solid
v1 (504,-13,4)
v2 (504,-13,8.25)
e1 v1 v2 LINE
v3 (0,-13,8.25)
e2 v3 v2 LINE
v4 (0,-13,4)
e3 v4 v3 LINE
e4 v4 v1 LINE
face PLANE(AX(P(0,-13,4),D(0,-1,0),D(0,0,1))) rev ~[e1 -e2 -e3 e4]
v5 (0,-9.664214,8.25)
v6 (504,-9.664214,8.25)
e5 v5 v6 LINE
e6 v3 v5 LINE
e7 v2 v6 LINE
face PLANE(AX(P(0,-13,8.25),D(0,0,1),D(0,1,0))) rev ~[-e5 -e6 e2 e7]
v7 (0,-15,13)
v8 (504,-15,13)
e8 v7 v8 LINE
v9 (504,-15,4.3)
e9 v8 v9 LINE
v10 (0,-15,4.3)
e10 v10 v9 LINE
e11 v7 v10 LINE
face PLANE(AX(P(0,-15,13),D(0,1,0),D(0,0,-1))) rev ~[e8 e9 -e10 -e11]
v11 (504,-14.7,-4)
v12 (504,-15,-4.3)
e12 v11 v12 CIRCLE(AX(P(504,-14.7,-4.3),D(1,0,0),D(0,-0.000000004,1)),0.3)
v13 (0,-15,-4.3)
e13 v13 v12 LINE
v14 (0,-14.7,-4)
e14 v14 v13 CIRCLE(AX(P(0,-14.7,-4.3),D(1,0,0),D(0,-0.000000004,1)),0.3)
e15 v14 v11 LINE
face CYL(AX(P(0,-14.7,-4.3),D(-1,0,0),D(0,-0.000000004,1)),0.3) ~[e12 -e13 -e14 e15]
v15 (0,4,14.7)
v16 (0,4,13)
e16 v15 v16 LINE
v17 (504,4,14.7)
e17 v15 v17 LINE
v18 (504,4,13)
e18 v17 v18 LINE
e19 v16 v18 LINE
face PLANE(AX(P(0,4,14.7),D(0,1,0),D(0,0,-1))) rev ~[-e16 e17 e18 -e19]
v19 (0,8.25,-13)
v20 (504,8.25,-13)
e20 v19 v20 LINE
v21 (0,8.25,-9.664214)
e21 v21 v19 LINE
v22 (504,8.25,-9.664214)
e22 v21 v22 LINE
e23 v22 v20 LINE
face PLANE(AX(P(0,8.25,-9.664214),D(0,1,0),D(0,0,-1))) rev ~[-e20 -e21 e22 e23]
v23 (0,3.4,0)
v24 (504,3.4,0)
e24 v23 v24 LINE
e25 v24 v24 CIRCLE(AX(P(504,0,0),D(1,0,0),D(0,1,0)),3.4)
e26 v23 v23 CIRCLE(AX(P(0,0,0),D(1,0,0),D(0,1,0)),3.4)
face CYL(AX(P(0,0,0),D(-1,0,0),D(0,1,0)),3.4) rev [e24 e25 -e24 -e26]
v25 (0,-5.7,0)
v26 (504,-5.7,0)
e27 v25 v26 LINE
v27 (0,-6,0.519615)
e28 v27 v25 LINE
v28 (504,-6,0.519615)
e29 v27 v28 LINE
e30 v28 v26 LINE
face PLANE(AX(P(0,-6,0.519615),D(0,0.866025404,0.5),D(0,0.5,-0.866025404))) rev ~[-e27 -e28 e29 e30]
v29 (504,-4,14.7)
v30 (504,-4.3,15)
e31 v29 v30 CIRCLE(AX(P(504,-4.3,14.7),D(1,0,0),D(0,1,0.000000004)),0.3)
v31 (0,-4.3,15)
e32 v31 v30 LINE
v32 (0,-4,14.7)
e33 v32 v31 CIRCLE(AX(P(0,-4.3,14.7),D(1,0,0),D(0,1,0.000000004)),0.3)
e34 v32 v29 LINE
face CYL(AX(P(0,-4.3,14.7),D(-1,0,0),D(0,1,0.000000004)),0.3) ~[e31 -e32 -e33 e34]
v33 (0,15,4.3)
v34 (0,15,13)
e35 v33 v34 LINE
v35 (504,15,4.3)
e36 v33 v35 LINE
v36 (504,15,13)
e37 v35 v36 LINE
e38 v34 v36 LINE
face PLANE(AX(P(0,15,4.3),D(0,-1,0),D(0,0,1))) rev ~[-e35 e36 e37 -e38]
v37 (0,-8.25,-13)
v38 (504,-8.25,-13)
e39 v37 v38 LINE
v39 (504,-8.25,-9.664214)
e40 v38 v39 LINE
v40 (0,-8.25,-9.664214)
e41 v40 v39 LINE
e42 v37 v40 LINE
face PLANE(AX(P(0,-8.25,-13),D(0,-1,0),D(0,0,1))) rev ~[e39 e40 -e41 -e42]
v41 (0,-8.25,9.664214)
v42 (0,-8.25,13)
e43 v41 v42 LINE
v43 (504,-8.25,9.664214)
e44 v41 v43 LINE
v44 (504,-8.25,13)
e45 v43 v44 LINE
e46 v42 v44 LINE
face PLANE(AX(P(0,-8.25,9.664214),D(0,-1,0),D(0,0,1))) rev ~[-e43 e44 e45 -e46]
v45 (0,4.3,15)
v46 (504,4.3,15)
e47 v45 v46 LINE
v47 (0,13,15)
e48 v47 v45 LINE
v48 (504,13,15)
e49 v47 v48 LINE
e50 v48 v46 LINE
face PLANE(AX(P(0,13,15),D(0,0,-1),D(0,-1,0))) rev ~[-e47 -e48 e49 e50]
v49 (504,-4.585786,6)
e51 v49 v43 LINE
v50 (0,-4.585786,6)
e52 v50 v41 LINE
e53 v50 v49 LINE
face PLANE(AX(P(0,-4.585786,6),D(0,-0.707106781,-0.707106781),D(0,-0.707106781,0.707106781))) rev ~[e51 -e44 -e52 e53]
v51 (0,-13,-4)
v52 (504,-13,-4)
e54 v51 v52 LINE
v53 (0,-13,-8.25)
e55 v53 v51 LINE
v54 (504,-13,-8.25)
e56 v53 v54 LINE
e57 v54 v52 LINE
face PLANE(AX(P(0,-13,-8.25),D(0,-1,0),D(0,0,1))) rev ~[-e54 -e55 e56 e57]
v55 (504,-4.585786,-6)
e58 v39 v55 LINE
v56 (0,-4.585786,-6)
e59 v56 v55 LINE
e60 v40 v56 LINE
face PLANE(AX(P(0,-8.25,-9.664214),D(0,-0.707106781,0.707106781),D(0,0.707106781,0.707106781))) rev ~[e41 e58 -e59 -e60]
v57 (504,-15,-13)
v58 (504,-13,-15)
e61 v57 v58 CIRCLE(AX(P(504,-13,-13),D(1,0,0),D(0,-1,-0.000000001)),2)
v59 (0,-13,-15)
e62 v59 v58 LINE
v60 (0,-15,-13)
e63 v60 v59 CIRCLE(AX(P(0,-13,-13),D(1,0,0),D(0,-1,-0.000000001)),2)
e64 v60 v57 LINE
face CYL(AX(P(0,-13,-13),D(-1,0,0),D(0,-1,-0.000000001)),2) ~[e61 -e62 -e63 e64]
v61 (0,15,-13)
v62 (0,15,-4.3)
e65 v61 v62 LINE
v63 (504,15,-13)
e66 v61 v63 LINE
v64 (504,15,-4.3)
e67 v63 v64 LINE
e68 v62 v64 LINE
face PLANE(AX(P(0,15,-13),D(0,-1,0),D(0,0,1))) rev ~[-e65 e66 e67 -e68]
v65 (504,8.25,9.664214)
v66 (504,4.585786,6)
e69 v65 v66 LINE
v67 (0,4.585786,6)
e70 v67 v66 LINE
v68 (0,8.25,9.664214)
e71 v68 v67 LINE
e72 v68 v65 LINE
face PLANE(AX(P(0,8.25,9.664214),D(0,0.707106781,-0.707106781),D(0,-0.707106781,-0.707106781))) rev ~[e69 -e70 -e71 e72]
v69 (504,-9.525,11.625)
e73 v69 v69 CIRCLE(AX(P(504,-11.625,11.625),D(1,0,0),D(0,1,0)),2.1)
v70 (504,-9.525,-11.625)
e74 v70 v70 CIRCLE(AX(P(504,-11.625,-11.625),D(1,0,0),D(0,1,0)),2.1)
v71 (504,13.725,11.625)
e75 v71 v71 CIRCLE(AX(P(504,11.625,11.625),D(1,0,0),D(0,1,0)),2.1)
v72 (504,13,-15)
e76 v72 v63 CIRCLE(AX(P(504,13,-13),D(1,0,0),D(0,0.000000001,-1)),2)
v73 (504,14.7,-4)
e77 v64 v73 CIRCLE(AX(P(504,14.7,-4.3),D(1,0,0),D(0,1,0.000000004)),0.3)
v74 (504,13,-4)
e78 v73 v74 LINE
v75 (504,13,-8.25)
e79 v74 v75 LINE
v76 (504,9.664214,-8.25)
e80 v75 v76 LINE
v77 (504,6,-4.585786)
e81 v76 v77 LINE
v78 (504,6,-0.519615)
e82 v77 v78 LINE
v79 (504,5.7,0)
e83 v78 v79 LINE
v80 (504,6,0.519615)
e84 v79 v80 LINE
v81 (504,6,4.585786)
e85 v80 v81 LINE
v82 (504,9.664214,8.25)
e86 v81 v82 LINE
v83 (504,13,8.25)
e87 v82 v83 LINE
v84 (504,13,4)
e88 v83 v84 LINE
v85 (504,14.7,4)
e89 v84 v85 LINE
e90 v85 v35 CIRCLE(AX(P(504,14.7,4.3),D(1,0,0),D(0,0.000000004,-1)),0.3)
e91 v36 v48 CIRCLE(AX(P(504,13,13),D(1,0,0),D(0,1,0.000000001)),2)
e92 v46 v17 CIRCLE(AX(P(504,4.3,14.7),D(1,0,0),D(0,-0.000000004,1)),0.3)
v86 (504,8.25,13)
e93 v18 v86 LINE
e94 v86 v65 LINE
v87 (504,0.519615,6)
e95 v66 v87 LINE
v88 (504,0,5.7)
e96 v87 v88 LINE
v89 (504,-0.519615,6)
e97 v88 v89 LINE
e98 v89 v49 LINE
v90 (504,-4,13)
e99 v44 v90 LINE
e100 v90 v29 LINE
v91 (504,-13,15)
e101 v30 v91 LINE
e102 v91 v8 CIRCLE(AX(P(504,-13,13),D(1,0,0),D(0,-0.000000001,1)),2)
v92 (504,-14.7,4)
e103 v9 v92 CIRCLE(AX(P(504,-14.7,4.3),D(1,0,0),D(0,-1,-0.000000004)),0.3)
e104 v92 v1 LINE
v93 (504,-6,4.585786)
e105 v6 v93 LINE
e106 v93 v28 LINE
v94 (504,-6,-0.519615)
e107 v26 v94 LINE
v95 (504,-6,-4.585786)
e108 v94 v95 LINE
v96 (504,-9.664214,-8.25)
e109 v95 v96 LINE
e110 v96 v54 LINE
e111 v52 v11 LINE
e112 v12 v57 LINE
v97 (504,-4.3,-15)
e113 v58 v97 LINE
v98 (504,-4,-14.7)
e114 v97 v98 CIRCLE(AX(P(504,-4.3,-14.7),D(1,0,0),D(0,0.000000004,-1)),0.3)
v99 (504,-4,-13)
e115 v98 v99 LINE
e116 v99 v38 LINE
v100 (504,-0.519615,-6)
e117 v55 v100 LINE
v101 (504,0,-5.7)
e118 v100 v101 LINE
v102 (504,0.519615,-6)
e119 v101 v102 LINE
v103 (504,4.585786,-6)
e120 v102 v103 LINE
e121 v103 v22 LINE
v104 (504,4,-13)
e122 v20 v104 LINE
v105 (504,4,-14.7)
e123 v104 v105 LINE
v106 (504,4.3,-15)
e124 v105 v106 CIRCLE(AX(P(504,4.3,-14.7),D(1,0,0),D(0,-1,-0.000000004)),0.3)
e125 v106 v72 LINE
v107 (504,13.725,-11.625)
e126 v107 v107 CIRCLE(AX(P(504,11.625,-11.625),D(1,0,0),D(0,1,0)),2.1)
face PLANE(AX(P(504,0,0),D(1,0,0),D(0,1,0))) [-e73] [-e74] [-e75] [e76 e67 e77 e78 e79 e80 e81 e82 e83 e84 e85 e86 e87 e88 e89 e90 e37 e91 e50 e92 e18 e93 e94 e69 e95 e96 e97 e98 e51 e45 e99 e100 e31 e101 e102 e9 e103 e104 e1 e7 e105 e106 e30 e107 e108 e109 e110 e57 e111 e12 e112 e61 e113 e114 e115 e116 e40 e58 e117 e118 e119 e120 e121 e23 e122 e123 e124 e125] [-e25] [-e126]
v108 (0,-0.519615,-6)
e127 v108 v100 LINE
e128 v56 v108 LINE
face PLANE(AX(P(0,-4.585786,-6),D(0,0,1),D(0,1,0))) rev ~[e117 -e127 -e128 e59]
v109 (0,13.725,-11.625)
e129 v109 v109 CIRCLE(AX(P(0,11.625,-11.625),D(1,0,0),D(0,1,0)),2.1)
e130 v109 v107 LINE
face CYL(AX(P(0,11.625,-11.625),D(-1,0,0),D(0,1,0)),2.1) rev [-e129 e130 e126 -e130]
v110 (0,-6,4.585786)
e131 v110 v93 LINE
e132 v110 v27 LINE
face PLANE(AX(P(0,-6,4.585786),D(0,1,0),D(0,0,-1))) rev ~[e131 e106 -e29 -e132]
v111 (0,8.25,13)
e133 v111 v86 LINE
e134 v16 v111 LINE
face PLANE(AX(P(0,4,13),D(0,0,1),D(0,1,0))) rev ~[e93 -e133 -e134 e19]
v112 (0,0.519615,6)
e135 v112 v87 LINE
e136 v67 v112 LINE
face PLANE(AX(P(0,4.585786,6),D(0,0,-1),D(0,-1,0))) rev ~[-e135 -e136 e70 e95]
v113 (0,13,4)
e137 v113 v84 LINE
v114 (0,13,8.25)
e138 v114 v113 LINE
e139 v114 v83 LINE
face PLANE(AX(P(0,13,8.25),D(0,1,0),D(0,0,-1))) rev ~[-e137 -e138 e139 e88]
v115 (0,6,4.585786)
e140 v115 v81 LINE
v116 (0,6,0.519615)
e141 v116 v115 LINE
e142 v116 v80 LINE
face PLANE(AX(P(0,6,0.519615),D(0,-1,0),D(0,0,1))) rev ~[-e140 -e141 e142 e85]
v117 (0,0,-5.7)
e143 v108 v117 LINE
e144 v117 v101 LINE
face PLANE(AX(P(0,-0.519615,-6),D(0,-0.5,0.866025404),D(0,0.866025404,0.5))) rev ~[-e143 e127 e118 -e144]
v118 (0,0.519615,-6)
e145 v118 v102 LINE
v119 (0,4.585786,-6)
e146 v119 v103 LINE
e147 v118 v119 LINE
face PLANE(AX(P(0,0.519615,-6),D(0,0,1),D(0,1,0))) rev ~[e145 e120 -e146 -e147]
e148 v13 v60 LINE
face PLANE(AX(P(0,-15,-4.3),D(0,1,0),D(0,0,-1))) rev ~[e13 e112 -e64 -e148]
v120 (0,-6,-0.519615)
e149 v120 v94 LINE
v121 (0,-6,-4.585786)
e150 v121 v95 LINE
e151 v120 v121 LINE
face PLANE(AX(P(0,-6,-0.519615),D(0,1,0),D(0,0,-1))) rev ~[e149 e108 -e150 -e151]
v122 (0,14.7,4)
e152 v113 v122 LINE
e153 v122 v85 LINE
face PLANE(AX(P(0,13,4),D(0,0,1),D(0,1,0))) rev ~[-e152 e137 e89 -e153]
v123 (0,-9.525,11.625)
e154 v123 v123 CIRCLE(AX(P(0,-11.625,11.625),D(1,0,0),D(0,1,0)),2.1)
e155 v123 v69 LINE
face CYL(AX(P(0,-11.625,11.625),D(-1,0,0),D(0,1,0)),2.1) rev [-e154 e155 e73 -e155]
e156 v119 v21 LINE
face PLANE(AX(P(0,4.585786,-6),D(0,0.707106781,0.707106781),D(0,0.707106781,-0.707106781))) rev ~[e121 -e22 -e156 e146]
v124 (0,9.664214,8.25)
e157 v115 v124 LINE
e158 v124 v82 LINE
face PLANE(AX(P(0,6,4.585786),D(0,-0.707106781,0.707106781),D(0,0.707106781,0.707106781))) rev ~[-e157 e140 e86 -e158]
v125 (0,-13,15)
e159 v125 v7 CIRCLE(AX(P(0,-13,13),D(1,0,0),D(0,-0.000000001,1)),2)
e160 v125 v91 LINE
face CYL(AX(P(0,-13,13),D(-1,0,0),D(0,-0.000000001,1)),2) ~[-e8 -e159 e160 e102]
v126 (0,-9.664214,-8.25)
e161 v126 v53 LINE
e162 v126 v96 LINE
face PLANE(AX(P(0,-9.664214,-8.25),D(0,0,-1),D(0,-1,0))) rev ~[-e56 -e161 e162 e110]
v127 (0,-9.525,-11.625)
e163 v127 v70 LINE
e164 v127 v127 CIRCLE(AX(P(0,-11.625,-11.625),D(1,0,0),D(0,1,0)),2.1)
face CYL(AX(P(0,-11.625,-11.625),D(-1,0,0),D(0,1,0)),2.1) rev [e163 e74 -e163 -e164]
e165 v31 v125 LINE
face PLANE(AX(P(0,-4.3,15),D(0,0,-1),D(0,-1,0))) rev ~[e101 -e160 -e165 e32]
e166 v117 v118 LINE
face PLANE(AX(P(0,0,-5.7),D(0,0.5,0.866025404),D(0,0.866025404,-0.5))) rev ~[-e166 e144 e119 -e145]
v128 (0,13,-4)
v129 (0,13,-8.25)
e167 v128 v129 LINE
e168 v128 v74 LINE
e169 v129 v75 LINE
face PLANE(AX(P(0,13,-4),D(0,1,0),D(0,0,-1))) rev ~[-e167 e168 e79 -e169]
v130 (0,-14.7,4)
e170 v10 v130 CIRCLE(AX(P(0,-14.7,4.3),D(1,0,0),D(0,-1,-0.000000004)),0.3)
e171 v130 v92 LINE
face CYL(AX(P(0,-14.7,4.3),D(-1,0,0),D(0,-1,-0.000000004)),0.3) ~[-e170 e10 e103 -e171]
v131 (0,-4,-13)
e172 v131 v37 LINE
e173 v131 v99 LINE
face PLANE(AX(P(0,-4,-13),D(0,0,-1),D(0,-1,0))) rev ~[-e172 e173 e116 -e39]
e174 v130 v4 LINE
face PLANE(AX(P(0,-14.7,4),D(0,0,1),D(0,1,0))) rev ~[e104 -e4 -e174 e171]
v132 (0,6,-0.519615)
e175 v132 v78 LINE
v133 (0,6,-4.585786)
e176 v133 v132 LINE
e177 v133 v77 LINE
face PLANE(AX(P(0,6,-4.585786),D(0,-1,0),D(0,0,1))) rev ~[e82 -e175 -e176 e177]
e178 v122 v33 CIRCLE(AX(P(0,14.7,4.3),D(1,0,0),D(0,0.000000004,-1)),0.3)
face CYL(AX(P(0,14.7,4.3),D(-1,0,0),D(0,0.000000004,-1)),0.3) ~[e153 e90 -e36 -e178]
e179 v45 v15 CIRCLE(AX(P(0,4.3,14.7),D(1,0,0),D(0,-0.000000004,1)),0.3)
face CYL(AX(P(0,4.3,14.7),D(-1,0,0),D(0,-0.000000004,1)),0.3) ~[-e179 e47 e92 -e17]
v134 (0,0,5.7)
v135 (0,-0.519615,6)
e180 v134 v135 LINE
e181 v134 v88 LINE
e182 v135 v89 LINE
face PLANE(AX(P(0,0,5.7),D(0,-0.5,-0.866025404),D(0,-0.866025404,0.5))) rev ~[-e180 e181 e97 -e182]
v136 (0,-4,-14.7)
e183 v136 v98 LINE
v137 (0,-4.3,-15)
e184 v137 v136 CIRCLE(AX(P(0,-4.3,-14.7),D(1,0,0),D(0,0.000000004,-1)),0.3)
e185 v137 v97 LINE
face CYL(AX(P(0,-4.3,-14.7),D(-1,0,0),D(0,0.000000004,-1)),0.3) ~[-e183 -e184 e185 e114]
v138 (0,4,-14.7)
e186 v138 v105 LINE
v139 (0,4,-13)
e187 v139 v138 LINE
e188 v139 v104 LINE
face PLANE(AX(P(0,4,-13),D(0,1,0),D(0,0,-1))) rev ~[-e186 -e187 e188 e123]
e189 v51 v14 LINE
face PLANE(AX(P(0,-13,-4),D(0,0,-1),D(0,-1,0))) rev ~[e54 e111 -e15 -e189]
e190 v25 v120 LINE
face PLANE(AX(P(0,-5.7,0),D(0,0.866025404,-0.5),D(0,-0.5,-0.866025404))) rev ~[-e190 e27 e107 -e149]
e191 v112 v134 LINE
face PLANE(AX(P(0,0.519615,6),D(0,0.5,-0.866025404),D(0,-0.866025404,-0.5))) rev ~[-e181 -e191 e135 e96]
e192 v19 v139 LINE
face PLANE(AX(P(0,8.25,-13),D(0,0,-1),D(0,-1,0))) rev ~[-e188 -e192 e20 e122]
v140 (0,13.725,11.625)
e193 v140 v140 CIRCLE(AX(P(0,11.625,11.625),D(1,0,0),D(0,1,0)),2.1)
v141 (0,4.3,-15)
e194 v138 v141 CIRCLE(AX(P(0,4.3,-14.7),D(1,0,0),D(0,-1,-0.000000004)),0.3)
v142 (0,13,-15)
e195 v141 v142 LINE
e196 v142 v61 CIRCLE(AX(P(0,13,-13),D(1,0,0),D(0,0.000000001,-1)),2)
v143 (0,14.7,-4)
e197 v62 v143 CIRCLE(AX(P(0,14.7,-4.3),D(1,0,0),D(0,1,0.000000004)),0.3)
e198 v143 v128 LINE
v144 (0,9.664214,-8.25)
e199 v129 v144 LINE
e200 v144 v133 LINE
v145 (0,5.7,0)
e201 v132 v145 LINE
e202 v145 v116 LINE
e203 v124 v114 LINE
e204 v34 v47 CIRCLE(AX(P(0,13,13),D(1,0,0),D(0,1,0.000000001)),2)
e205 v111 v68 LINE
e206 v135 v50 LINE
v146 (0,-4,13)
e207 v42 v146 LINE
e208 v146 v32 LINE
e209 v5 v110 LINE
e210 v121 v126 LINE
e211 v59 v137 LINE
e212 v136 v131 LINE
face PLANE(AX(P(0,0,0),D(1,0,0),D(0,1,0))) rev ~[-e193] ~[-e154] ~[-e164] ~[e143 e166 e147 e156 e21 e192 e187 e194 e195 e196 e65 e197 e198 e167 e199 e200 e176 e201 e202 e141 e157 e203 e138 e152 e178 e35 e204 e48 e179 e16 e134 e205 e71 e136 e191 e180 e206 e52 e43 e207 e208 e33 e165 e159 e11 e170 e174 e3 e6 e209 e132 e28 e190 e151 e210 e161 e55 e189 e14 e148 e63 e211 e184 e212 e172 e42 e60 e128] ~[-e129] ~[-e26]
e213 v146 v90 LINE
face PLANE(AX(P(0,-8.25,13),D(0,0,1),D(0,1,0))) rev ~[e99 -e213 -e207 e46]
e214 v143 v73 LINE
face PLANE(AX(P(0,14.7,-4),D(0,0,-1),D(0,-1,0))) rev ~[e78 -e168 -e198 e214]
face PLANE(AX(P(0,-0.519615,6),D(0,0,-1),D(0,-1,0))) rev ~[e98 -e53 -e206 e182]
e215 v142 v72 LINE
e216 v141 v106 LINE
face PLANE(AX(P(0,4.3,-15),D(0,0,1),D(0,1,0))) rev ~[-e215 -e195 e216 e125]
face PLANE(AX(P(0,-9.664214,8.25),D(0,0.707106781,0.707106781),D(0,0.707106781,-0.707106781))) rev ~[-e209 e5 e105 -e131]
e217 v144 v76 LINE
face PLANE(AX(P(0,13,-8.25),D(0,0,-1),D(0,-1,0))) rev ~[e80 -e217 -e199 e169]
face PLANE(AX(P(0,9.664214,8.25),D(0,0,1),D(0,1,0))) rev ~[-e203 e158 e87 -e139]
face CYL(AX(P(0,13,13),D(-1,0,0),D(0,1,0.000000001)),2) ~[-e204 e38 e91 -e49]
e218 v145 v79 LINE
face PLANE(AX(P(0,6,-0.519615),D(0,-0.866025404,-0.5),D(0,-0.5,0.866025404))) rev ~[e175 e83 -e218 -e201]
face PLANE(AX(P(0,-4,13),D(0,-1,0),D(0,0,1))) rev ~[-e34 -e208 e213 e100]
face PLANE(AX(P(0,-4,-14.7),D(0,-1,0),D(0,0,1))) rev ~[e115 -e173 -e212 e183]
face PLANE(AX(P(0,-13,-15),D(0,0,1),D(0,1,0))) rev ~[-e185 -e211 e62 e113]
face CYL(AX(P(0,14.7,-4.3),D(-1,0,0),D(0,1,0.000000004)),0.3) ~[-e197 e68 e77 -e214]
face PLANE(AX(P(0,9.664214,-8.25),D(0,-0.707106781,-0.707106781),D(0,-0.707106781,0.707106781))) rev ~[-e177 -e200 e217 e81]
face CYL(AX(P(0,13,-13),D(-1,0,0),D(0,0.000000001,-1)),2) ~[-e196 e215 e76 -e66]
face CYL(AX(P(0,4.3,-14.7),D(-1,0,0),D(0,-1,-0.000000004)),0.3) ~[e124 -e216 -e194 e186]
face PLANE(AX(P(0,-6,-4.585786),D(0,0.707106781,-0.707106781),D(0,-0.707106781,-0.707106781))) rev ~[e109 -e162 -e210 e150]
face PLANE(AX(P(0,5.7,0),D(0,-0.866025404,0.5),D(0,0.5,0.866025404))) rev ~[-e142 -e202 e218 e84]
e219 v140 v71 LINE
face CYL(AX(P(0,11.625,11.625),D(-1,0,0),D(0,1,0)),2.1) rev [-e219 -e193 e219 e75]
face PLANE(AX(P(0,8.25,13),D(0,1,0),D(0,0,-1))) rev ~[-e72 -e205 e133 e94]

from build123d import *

# Parameters (mm, degrees)
SKETCH_1_R              = 2.1
SKETCH_1_R_2            = 3.4
F_30XS6_30X30S6_1_DEPTH = 504


with BuildPart() as part:
    # 草图1 → 30xs6 30X30S6(1) (new body)
    with BuildSketch(Plane.YZ):
        with BuildLine():
            Line((-14.7, 4), (-13, 4))
            Line((-13, 4), (-13, 8.25))
            Line((-13, 8.25), (-9.664213562, 8.25))
            Line((-9.664213562, 8.25), (-6, 4.585786438))
            Line((-6, 4.585786438), (-6, 0.519615242))
            Line((-6, 0.519615242), (-5.7, 0))
            Line((-5.7, 0), (-6, -0.519615242))
            Line((-6, -0.519615242), (-6, -4.585786438))
            Line((-6, -4.585786438), (-9.664213562, -8.25))
            Line((-9.664213562, -8.25), (-13, -8.25))
            Line((-13, -8.25), (-13, -4))
            Line((-13, -4), (-14.7, -4))
            ThreePointArc((-14.7, -4), (-14.912132034, -4.087867966), (-15, -4.3))
            Line((-15, -4.3), (-15, -13))
            ThreePointArc((-15, -13), (-14.414213562, -14.414213562), (-13, -15))
            Line((-13, -15), (-4.3, -15))
            ThreePointArc((-4.3, -15), (-4.087867966, -14.912132034), (-4, -14.7))
            Line((-4, -14.7), (-4, -13))
            Line((-4, -13), (-8.25, -13))
            Line((-8.25, -13), (-8.25, -9.664213562))
            Line((-8.25, -9.664213562), (-4.585786438, -6))
            Line((-4.585786438, -6), (-0.519615242, -6))
            Line((-0.519615242, -6), (0, -5.7))
            Line((0, -5.7), (0.519615242, -6))
            Line((0.519615242, -6), (4.585786438, -6))
            Line((4.585786438, -6), (8.25, -9.664213562))
            Line((8.25, -9.664213562), (8.25, -13))
            Line((8.25, -13), (4, -13))
            Line((4, -13), (4, -14.7))
            ThreePointArc((4, -14.7), (4.087867966, -14.912132034), (4.3, -15))
            Line((4.3, -15), (13, -15))
            ThreePointArc((13, -15), (14.414213562, -14.414213562), (15, -13))
            Line((15, -13), (15, -4.3))
            ThreePointArc((15, -4.3), (14.912132034, -4.087867966), (14.7, -4))
            Line((14.7, -4), (13, -4))
            Line((13, -4), (13, -8.25))
            Line((13, -8.25), (9.664213562, -8.25))
            Line((9.664213562, -8.25), (6, -4.585786438))
            Line((6, -4.585786438), (6, -0.519615242))
            Line((6, -0.519615242), (5.7, 0))
            Line((5.7, 0), (6, 0.519615242))
            Line((6, 0.519615242), (6, 4.585786438))
            Line((6, 4.585786438), (9.664213562, 8.25))
            Line((9.664213562, 8.25), (13, 8.25))
            Line((13, 8.25), (13, 4))
            Line((13, 4), (14.7, 4))
            ThreePointArc((14.7, 4), (14.912132034, 4.087867966), (15, 4.3))
            Line((15, 4.3), (15, 13))
            ThreePointArc((15, 13), (14.414213562, 14.414213562), (13, 15))
            Line((13, 15), (4.3, 15))
            ThreePointArc((4.3, 15), (4.087867966, 14.912132034), (4, 14.7))
            Line((4, 14.7), (4, 13))
            Line((4, 13), (8.25, 13))
            Line((8.25, 13), (8.25, 9.664213562))
            Line((8.25, 9.664213562), (4.585786438, 6))
            Line((4.585786438, 6), (0.519615242, 6))
            Line((0.519615242, 6), (0, 5.7))
            Line((0, 5.7), (-0.519615242, 6))
            Line((-0.519615242, 6), (-4.585786438, 6))
            Line((-4.585786438, 6), (-8.25, 9.664213562))
            Line((-8.25, 9.664213562), (-8.25, 13))
            Line((-8.25, 13), (-4, 13))
            Line((-4, 13), (-4, 14.7))
            ThreePointArc((-4, 14.7), (-4.087867966, 14.912132034), (-4.3, 15))
            Line((-4.3, 15), (-13, 15))
            ThreePointArc((-13, 15), (-14.414213562, 14.414213562), (-15, 13))
            Line((-15, 13), (-15, 4.3))
            ThreePointArc((-15, 4.3), (-14.912132034, 4.087867966), (-14.7, 4))
        make_face()
        with Locations((11.625, 11.625)):
            Circle(SKETCH_1_R, mode=Mode.SUBTRACT)
        with Locations((11.625, -11.625)):
            Circle(SKETCH_1_R, mode=Mode.SUBTRACT)
        Circle(SKETCH_1_R_2, mode=Mode.SUBTRACT)
        with Locations((-11.625, -11.625)):
            Circle(SKETCH_1_R, mode=Mode.SUBTRACT)
        with Locations((-11.625, 11.625)):
            Circle(SKETCH_1_R, mode=Mode.SUBTRACT)
    extrude(amount=F_30XS6_30X30S6_1_DEPTH)


solid = part.part
